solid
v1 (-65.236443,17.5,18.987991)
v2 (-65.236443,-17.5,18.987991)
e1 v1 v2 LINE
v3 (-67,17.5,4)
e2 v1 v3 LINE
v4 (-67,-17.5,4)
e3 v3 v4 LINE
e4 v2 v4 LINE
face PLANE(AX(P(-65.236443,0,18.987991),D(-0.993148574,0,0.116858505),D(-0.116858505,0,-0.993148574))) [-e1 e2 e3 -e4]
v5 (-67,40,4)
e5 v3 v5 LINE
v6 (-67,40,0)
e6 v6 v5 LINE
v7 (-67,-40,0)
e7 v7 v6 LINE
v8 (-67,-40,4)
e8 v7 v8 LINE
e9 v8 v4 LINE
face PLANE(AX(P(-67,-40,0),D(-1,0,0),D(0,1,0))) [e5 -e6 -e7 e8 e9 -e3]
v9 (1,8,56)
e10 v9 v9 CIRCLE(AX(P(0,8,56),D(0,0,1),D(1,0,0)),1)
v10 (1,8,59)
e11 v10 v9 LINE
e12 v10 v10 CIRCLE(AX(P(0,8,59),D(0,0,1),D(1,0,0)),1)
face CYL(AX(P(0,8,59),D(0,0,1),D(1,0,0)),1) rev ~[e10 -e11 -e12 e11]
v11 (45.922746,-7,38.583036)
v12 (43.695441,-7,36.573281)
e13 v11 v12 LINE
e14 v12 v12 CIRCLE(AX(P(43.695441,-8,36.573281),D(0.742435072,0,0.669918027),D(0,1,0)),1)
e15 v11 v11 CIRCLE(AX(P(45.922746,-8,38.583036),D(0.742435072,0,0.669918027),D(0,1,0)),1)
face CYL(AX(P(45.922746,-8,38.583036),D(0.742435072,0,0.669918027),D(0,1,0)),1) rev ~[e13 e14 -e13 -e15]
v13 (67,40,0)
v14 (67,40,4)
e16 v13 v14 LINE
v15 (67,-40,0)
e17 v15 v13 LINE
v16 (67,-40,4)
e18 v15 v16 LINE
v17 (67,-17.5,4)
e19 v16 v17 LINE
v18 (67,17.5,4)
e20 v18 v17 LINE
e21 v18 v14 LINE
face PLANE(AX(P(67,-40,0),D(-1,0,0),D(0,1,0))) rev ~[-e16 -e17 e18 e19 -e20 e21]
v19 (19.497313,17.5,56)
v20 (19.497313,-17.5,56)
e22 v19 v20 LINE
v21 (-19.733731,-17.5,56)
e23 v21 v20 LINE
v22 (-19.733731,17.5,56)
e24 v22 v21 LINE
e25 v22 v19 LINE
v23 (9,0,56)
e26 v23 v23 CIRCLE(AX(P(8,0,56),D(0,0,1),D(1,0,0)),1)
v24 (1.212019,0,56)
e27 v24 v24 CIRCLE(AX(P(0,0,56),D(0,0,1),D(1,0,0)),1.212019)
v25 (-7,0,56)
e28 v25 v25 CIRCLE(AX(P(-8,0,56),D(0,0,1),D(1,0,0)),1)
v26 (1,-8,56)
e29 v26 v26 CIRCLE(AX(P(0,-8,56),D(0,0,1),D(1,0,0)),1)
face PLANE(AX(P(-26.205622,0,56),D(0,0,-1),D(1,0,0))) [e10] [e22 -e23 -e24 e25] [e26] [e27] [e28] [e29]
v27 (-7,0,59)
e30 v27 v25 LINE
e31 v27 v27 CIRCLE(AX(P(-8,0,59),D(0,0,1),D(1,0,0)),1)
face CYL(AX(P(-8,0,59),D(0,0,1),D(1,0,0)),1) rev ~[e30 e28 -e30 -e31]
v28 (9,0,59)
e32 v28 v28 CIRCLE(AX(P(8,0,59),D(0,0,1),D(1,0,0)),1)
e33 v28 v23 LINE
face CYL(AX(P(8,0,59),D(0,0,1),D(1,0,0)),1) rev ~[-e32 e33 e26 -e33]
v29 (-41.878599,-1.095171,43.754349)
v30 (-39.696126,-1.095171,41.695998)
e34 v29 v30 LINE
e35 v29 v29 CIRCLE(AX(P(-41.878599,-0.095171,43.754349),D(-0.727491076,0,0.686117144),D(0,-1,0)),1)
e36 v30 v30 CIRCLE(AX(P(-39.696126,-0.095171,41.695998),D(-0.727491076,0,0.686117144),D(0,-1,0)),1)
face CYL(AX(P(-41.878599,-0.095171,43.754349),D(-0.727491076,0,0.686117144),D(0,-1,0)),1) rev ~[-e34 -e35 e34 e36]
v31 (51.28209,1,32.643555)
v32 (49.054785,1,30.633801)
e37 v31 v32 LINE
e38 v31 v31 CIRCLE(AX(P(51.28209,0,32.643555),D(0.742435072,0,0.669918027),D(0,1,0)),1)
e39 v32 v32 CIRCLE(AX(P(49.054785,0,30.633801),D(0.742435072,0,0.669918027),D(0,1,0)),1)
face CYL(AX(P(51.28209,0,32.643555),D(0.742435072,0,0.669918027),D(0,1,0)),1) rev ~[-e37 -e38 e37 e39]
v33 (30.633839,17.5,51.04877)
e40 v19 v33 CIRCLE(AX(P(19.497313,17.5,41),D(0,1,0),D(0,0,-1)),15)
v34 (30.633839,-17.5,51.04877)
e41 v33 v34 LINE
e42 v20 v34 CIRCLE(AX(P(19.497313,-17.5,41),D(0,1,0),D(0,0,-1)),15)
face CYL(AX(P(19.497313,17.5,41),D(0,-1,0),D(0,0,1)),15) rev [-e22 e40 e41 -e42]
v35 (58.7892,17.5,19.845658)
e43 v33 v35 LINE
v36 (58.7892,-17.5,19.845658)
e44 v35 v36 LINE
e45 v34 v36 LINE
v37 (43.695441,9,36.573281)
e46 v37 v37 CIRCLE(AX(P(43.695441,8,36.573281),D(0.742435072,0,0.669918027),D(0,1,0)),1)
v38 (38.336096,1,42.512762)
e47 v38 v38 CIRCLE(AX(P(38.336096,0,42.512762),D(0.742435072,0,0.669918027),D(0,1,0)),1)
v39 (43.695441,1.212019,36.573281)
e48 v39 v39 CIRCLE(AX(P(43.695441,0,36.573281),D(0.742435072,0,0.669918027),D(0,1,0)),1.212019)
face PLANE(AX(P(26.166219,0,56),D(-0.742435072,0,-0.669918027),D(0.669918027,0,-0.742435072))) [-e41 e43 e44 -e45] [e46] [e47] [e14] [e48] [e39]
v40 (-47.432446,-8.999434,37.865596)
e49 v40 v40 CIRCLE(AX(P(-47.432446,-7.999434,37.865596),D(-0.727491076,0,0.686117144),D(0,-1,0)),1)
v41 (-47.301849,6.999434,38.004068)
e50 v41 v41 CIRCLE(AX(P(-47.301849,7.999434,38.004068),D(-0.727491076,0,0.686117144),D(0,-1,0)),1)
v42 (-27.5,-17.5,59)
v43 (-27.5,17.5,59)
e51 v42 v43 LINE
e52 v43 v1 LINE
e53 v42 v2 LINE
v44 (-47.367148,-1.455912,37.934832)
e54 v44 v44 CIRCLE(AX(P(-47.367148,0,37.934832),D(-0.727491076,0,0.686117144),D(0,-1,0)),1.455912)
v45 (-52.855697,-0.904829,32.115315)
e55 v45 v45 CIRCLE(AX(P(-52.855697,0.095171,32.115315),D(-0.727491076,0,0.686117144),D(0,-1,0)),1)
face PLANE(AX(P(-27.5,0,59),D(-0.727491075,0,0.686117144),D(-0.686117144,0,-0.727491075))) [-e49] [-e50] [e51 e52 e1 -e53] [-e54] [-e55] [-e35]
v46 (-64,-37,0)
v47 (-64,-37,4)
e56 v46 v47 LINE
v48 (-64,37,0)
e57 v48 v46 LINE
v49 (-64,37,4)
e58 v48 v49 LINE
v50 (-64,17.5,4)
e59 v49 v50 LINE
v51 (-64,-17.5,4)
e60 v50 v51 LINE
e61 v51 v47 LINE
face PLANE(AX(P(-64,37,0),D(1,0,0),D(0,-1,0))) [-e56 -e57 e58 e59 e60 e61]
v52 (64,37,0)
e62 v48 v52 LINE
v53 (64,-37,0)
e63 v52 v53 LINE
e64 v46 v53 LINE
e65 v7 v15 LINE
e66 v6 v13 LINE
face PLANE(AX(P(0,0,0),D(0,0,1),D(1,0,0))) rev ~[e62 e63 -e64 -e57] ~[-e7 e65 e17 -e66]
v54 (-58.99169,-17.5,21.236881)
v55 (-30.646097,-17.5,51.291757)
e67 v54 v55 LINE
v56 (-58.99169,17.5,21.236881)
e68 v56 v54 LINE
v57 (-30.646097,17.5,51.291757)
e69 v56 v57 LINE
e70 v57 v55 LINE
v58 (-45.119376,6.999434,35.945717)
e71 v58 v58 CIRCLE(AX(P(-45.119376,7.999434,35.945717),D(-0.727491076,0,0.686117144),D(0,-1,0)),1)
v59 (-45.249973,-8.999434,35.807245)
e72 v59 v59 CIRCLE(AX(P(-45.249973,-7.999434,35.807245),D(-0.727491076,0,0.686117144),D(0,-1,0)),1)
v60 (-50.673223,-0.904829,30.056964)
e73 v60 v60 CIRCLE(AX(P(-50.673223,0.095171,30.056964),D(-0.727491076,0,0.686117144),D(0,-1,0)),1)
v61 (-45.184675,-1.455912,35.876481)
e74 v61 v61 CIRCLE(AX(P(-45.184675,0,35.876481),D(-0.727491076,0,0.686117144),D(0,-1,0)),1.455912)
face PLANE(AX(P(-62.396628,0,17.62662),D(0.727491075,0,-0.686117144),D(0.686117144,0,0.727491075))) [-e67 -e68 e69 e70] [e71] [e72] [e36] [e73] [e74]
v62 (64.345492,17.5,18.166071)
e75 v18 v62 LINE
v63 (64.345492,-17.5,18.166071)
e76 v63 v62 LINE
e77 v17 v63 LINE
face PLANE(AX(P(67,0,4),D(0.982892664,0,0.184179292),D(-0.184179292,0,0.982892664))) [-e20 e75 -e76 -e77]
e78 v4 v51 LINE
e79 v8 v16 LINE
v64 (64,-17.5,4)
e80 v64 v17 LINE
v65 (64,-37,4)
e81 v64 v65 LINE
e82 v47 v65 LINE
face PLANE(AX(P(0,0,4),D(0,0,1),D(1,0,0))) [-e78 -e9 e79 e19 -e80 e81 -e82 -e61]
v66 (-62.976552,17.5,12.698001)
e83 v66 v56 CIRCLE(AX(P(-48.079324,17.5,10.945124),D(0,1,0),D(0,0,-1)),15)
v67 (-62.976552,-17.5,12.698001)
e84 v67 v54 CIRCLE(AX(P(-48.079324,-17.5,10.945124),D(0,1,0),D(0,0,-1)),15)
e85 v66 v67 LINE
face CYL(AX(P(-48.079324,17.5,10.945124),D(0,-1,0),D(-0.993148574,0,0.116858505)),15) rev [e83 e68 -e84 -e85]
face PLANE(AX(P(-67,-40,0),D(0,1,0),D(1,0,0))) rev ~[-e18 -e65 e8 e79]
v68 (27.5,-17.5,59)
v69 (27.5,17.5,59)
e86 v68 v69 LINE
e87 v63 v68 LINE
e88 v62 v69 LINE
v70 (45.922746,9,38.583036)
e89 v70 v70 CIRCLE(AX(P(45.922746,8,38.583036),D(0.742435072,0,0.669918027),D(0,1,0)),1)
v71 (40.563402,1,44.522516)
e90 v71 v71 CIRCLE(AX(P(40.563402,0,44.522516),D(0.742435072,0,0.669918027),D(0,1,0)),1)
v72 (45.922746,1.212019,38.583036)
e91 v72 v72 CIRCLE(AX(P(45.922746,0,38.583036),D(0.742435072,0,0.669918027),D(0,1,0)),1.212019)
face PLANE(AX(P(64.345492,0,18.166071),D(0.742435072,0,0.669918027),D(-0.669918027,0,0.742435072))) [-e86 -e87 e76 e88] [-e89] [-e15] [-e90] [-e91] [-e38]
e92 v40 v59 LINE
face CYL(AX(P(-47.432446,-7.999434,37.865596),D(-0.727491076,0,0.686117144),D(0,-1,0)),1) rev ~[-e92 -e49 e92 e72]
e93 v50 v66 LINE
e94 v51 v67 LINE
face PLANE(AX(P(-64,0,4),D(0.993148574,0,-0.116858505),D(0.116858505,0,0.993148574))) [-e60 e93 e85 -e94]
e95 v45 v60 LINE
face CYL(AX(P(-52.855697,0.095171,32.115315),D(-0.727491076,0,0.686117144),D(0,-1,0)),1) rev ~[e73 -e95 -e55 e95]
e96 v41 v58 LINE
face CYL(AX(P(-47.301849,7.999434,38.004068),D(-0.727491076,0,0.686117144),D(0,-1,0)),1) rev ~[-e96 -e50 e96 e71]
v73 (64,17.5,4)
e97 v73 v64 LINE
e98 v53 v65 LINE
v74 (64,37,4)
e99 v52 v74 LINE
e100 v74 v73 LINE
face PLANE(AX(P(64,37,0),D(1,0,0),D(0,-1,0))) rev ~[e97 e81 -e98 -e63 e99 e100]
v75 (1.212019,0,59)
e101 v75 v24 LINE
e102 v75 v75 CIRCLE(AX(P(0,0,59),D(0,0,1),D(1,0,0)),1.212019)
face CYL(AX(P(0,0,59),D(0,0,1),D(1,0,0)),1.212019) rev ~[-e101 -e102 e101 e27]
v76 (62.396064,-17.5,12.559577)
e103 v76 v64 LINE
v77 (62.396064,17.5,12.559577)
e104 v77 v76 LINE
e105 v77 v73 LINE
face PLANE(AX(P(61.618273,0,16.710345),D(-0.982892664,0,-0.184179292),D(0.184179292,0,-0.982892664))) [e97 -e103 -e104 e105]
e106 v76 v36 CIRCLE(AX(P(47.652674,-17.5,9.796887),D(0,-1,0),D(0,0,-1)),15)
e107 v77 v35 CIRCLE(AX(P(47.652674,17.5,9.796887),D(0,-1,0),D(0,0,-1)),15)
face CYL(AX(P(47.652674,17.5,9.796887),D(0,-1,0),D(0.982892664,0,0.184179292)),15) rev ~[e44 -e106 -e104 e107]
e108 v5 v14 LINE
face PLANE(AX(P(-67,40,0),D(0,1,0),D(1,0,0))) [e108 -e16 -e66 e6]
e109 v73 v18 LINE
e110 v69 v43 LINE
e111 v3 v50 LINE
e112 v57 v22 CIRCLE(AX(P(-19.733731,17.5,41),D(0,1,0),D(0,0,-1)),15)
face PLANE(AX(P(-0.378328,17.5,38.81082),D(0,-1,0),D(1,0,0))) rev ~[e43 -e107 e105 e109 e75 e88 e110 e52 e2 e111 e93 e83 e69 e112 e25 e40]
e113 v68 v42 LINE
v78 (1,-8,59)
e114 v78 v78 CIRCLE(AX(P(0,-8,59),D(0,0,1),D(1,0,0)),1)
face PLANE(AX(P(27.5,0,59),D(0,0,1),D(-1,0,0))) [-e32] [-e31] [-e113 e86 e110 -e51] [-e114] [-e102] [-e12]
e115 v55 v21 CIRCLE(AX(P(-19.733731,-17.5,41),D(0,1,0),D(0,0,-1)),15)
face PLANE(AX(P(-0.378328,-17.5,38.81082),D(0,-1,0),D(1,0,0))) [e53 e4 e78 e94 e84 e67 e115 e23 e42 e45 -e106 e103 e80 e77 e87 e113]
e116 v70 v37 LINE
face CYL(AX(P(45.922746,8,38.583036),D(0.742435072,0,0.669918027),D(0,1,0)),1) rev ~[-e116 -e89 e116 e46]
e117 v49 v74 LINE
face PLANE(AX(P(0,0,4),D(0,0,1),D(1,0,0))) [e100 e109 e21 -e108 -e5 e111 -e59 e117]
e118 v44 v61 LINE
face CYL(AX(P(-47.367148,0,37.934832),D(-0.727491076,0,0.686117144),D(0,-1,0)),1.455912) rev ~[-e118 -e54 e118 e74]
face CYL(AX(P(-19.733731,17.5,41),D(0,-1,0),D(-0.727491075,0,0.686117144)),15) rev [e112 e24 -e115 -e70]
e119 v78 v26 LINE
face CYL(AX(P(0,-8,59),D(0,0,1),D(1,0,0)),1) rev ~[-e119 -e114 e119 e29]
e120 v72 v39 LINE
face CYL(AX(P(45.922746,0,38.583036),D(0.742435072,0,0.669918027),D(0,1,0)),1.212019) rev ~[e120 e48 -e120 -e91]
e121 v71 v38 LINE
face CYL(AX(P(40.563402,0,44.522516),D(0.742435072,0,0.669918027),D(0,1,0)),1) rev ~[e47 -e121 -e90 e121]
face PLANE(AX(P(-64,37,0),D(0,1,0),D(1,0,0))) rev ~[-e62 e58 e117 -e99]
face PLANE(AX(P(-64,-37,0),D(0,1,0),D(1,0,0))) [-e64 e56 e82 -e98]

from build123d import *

# Parameters (mm, degrees)
F0_W          = 134
F0_H          = 80
F1_DEPTH      = 4
F2_W          = 128
F2_H          = 74
F2_W_2        = 122
F2_H_2        = 68
F3_DEPTH      = 2
F3_DEPTH_BACK = 4
F5_DEPTH      = 17.5
F6_R          = 1.2120191714
F6_R_2        = 1
F9_DEPTH      = 25
F7_R          = 1.4559122593
F7_R_2        = 1
F10_DEPTH     = 25
F8_R          = 1.2120191714
F8_R_2        = 1
F11_DEPTH     = 25
F12_R         = 15


with BuildPart() as f1:
    # F0 (on Top) → F1 (new body)
    with BuildSketch(Plane.XY):
        Rectangle(F0_W, F0_H)
    extrude(amount=F1_DEPTH)

    # F2 (on face) → F3 (cut, two sides)
    with BuildSketch(Plane(origin=(0, 0, 0), x_dir=(1, 0, 0), z_dir=(0, 0, -1))) as f3_sk:
        Rectangle(F2_W, F2_H)
        Rectangle(F2_W_2, F2_H_2, mode=Mode.SUBTRACT)
        Rectangle(F2_W_2, F2_H_2)
    extrude(amount=F3_DEPTH, mode=Mode.SUBTRACT)
    extrude(f3_sk.sketch, amount=-F3_DEPTH_BACK, mode=Mode.SUBTRACT)

    # F4 (on Front) → F5 (join, symmetric)
    with BuildSketch(Plane.XZ):
        Polygon((-27.5, 59), (-65.2364429114, 18.9879908478), (-67, 4), (-64, 4), (-62.3966282188, 17.6266195959), (-26.205621828, 56), (26.166218832, 56), (61.6182726396, 16.71034506), (64, 4), (67, 4), (64.3454915045, 18.1660710219), (27.5, 59), align=None)
    extrude(amount=F5_DEPTH, both=True)

    # F6 (on face) → F9 (cut)
    with BuildSketch(Plane.XY.offset(59)):
        Circle(F6_R)
        with Locations((-8, 0)):
            Circle(F6_R_2)
        with Locations((0, -8)):
            Circle(F6_R_2)
        with Locations((8, 0)):
            Circle(F6_R_2)
        with Locations((0, 8)):
            Circle(F6_R_2)
    extrude(amount=-F9_DEPTH, mode=Mode.SUBTRACT)

    # F7 (on face) → F10 (cut)
    with BuildSketch(Plane(origin=(-44.0036916199, 0, 41.501110089), x_dir=(0, -1, 0), z_dir=(-0.7274910755, 0, 0.6861171438))):
        with Locations((0, -4.9021602608)):
            Circle(F7_R)
        with Locations((-7.9994338844, -4.8069892056)):
            Circle(F7_R_2)
        with Locations((-0.0951710552, -12.9015941452)):
            Circle(F7_R_2)
        with Locations((7.9994338844, -4.997331316)):
            Circle(F7_R_2)
        with Locations((0.0951710552, 3.0972736235)):
            Circle(F7_R_2)
    extrude(amount=-F10_DEPTH, mode=Mode.SUBTRACT)

    # F8 (on face) → F11 (cut)
    with BuildSketch(Plane(origin=(44.5031382137, 0, 40.1563122143), x_dir=(0, 1, 0), z_dir=(0.7424350723, 0, 0.6699180274))):
        with Locations((0, -2.1190764849)):
            Circle(F8_R)
        with Locations((-8, -2.1190764849)):
            Circle(F8_R_2)
        with Locations((0, -10.1190764849)):
            Circle(F8_R_2)
        with Locations((8, -2.1190764849)):
            Circle(F8_R_2)
        with Locations((0, 5.8809235151)):
            Circle(F8_R_2)
    extrude(amount=-F11_DEPTH, mode=Mode.SUBTRACT)

    # F12
    f12_edges = [f1.edges().sort_by_distance(p)[0] for p in [
        (26.166219, 0, 56),
        (-26.205622, 0, 56),
        (61.618273, 0, 16.710345),
        (-62.396628, 0, 17.62662),
    ]]
    fillet(f12_edges, radius=F12_R)


solid = f1.part
